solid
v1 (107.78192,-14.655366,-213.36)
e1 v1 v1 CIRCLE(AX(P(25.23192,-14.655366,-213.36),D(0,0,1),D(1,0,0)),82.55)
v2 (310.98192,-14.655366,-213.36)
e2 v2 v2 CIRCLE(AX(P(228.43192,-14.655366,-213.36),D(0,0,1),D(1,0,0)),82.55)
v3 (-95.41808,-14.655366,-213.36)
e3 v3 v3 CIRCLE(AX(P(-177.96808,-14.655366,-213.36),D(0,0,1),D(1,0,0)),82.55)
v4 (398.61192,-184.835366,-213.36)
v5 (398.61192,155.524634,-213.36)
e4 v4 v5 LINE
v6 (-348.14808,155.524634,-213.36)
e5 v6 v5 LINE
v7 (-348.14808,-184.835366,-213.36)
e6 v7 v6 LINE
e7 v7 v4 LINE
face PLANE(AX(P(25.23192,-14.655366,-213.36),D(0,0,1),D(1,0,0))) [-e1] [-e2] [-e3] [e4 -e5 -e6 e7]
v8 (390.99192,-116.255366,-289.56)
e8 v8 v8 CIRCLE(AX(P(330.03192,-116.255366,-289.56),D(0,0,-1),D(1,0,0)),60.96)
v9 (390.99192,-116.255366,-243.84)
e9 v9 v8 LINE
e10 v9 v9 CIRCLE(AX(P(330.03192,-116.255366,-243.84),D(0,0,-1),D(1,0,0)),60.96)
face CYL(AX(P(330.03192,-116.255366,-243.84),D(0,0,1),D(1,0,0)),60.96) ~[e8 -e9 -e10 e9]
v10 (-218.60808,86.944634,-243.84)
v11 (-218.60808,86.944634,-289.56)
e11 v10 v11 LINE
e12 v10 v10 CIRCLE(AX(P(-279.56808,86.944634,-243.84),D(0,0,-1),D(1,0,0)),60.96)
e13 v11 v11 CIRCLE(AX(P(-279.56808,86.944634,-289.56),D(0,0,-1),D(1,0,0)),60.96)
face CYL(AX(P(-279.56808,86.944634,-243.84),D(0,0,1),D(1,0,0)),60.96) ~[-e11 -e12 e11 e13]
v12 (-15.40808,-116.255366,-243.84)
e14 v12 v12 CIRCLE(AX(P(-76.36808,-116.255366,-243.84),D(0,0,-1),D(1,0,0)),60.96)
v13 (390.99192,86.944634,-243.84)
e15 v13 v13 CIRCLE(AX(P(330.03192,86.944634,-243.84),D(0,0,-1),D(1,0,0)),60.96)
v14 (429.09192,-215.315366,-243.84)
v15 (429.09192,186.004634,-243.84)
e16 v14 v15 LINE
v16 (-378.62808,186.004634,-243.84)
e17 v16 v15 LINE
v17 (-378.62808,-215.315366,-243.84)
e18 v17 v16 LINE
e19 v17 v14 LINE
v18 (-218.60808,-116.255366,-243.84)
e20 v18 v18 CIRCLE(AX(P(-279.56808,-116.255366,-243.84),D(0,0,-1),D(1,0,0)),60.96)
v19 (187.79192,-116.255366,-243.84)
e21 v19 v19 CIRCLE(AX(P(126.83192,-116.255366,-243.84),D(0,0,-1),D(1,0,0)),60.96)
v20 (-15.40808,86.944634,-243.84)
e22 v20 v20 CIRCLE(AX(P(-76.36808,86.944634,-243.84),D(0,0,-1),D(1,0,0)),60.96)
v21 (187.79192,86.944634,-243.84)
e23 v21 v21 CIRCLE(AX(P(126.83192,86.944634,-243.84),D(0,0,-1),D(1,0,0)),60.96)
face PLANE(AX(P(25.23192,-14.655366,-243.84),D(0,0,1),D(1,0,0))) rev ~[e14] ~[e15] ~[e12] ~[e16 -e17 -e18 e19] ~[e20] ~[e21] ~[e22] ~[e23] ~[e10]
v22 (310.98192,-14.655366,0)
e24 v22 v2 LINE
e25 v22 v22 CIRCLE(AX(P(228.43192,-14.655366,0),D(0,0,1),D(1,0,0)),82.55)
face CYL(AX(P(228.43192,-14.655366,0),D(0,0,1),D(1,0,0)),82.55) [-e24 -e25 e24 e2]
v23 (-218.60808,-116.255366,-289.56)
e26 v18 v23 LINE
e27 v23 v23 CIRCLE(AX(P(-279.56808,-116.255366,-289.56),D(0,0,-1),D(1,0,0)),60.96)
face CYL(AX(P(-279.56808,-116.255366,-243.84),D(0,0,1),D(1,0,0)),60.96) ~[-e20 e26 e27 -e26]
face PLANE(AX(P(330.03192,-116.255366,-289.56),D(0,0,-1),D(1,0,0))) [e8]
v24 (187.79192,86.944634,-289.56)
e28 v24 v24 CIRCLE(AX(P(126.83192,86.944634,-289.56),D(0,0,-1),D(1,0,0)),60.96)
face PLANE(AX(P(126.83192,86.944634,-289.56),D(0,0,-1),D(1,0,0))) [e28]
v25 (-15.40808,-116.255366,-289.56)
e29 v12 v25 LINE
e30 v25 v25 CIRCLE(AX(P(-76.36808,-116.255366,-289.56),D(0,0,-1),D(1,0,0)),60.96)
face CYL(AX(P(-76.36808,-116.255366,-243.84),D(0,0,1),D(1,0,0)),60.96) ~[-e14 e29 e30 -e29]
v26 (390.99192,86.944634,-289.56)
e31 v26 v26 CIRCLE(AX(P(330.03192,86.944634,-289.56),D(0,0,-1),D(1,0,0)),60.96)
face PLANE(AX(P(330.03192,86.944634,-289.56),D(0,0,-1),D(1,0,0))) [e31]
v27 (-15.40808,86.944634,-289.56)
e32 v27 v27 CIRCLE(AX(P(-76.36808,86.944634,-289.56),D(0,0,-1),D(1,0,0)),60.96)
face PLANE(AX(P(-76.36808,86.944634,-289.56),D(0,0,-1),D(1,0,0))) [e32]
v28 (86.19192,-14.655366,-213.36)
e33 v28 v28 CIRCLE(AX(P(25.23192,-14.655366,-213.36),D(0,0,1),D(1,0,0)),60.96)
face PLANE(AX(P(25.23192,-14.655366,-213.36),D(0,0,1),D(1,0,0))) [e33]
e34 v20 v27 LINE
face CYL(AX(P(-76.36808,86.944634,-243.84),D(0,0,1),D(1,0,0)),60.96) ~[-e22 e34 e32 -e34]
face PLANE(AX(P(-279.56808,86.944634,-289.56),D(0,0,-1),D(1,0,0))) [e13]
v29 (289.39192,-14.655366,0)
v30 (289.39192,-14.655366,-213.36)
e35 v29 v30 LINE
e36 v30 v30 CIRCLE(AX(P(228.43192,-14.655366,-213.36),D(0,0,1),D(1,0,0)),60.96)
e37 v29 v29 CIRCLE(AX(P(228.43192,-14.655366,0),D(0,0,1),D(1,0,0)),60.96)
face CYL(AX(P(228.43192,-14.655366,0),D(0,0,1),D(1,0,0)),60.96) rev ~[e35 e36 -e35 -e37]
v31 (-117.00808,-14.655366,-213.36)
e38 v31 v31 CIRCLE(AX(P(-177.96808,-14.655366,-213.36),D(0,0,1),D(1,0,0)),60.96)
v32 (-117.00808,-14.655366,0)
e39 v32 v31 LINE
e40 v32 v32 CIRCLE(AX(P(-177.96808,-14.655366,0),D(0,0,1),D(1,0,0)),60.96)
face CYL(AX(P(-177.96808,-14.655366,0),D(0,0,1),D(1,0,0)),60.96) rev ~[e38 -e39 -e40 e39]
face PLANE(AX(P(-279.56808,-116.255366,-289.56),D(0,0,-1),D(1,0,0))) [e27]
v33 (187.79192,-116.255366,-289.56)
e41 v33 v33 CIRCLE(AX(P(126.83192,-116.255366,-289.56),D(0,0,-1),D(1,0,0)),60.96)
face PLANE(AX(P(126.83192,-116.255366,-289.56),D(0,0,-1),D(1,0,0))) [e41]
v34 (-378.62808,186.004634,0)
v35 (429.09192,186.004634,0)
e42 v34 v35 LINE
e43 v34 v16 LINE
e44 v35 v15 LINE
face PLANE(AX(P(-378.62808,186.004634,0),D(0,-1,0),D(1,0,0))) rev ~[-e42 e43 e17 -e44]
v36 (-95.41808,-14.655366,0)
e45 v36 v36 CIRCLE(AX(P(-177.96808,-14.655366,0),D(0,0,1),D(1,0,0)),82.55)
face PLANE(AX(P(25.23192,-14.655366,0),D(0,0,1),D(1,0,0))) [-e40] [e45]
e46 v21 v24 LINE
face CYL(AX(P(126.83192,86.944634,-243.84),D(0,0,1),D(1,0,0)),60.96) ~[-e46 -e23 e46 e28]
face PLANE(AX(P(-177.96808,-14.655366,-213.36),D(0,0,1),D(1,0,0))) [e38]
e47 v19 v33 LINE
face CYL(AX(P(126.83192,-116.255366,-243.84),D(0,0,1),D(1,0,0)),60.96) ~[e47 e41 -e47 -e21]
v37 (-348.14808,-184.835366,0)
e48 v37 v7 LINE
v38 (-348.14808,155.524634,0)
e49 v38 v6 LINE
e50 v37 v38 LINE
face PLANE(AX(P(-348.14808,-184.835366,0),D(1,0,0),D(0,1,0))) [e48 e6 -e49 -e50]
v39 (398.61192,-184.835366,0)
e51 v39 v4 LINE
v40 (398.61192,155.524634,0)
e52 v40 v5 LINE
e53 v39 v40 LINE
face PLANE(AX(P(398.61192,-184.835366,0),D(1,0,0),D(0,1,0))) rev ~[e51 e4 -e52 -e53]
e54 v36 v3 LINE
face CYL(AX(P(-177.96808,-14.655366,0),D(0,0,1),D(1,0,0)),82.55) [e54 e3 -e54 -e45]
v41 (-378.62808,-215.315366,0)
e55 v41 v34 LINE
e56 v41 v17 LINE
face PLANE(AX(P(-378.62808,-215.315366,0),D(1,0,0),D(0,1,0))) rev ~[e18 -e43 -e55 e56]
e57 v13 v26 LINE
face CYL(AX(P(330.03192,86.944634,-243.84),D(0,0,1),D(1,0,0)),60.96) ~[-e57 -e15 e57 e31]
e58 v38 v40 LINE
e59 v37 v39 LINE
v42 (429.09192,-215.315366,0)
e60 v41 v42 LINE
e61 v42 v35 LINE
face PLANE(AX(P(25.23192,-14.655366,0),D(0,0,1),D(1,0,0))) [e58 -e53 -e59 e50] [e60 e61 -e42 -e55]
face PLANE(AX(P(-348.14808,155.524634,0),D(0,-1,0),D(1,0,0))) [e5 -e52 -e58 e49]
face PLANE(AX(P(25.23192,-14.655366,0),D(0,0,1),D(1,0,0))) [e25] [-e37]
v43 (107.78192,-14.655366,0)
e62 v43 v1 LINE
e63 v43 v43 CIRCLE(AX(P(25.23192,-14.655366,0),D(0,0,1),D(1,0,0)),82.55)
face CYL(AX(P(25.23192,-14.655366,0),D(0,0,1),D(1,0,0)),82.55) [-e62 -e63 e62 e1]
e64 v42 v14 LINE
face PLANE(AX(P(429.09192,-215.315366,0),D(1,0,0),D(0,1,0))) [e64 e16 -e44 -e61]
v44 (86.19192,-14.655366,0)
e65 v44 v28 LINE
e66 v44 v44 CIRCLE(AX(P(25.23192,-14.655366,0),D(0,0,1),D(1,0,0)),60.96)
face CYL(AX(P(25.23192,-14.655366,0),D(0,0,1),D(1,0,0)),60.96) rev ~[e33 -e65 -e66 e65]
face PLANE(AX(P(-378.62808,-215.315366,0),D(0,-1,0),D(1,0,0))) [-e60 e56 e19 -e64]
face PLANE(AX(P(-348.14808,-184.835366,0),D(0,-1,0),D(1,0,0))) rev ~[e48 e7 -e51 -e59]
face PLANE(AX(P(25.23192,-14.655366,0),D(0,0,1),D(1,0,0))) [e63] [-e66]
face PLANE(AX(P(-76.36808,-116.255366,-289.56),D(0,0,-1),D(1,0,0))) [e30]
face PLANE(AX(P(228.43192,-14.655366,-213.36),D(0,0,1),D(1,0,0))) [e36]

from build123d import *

# Parameters (mm, degrees)
F0_W     = 807.72
F0_H     = 401.32
F1_DEPTH = 243.84
F2_R     = 60.96
F3_DEPTH = 45.72
F5_W     = 746.76
F5_H     = 340.36
F6_DEPTH = 213.36
F7_W     = 746.76
F7_H     = 340.36
F7_R     = 82.55
F4_R     = 60.96
F8_DEPTH = 213.36


with BuildPart() as f1:
    # F0 (on Top) → F1 (new body)
    with BuildSketch(Plane.XY):
        with Locations((25.23192, -14.655366)):
            Rectangle(F0_W, F0_H)
    extrude(amount=-F1_DEPTH)

    # F2 (on face) → F3 (join)
    with BuildSketch(Plane(origin=(0, 0, -243.84), x_dir=(1, 0, 0), z_dir=(0, 0, -1))):
        with Locations((-279.56808, 116.255366)):
            Circle(F2_R)
        with Locations((-279.56808, -86.944634)):
            Circle(F2_R)
        with Locations((-76.36808, 116.255366)):
            Circle(F2_R)
        with Locations((-76.36808, -86.944634)):
            Circle(F2_R)
        with Locations((126.83192, 116.255366)):
            Circle(F2_R)
        with Locations((126.83192, -86.944634)):
            Circle(F2_R)
        with Locations((330.03192, 116.255366)):
            Circle(F2_R)
        with Locations((330.03192, -86.944634)):
            Circle(F2_R)
    extrude(amount=F3_DEPTH)

    # F5 (on face) → F6 (join)
    with BuildSketch(Plane.XY):
        with Locations((25.23192, -14.655366)):
            Rectangle(F5_W, F5_H)
    extrude(amount=-F6_DEPTH)

    # F7 (on face) + F4 (on face) → F8 (cut)
    with BuildSketch(Plane.XY):
        with Locations((25.23192, -14.655366)):
            Rectangle(F7_W, F7_H)
        with Locations((-177.96808, -14.655366)):
            Circle(F7_R, mode=Mode.SUBTRACT)
        with Locations((25.23192, -14.655366)):
            Circle(F7_R, mode=Mode.SUBTRACT)
        with Locations((228.43192, -14.655366)):
            Circle(F7_R, mode=Mode.SUBTRACT)
    with BuildSketch(Plane.XY):
        with Locations((228.43192, -14.655366)):
            Circle(F4_R)
        with Locations((-177.96808, -14.655366)):
            Circle(F4_R)
        with Locations((25.23192, -14.655366)):
            Circle(F4_R)
    extrude(amount=-F8_DEPTH, mode=Mode.SUBTRACT)


solid = f1.part
